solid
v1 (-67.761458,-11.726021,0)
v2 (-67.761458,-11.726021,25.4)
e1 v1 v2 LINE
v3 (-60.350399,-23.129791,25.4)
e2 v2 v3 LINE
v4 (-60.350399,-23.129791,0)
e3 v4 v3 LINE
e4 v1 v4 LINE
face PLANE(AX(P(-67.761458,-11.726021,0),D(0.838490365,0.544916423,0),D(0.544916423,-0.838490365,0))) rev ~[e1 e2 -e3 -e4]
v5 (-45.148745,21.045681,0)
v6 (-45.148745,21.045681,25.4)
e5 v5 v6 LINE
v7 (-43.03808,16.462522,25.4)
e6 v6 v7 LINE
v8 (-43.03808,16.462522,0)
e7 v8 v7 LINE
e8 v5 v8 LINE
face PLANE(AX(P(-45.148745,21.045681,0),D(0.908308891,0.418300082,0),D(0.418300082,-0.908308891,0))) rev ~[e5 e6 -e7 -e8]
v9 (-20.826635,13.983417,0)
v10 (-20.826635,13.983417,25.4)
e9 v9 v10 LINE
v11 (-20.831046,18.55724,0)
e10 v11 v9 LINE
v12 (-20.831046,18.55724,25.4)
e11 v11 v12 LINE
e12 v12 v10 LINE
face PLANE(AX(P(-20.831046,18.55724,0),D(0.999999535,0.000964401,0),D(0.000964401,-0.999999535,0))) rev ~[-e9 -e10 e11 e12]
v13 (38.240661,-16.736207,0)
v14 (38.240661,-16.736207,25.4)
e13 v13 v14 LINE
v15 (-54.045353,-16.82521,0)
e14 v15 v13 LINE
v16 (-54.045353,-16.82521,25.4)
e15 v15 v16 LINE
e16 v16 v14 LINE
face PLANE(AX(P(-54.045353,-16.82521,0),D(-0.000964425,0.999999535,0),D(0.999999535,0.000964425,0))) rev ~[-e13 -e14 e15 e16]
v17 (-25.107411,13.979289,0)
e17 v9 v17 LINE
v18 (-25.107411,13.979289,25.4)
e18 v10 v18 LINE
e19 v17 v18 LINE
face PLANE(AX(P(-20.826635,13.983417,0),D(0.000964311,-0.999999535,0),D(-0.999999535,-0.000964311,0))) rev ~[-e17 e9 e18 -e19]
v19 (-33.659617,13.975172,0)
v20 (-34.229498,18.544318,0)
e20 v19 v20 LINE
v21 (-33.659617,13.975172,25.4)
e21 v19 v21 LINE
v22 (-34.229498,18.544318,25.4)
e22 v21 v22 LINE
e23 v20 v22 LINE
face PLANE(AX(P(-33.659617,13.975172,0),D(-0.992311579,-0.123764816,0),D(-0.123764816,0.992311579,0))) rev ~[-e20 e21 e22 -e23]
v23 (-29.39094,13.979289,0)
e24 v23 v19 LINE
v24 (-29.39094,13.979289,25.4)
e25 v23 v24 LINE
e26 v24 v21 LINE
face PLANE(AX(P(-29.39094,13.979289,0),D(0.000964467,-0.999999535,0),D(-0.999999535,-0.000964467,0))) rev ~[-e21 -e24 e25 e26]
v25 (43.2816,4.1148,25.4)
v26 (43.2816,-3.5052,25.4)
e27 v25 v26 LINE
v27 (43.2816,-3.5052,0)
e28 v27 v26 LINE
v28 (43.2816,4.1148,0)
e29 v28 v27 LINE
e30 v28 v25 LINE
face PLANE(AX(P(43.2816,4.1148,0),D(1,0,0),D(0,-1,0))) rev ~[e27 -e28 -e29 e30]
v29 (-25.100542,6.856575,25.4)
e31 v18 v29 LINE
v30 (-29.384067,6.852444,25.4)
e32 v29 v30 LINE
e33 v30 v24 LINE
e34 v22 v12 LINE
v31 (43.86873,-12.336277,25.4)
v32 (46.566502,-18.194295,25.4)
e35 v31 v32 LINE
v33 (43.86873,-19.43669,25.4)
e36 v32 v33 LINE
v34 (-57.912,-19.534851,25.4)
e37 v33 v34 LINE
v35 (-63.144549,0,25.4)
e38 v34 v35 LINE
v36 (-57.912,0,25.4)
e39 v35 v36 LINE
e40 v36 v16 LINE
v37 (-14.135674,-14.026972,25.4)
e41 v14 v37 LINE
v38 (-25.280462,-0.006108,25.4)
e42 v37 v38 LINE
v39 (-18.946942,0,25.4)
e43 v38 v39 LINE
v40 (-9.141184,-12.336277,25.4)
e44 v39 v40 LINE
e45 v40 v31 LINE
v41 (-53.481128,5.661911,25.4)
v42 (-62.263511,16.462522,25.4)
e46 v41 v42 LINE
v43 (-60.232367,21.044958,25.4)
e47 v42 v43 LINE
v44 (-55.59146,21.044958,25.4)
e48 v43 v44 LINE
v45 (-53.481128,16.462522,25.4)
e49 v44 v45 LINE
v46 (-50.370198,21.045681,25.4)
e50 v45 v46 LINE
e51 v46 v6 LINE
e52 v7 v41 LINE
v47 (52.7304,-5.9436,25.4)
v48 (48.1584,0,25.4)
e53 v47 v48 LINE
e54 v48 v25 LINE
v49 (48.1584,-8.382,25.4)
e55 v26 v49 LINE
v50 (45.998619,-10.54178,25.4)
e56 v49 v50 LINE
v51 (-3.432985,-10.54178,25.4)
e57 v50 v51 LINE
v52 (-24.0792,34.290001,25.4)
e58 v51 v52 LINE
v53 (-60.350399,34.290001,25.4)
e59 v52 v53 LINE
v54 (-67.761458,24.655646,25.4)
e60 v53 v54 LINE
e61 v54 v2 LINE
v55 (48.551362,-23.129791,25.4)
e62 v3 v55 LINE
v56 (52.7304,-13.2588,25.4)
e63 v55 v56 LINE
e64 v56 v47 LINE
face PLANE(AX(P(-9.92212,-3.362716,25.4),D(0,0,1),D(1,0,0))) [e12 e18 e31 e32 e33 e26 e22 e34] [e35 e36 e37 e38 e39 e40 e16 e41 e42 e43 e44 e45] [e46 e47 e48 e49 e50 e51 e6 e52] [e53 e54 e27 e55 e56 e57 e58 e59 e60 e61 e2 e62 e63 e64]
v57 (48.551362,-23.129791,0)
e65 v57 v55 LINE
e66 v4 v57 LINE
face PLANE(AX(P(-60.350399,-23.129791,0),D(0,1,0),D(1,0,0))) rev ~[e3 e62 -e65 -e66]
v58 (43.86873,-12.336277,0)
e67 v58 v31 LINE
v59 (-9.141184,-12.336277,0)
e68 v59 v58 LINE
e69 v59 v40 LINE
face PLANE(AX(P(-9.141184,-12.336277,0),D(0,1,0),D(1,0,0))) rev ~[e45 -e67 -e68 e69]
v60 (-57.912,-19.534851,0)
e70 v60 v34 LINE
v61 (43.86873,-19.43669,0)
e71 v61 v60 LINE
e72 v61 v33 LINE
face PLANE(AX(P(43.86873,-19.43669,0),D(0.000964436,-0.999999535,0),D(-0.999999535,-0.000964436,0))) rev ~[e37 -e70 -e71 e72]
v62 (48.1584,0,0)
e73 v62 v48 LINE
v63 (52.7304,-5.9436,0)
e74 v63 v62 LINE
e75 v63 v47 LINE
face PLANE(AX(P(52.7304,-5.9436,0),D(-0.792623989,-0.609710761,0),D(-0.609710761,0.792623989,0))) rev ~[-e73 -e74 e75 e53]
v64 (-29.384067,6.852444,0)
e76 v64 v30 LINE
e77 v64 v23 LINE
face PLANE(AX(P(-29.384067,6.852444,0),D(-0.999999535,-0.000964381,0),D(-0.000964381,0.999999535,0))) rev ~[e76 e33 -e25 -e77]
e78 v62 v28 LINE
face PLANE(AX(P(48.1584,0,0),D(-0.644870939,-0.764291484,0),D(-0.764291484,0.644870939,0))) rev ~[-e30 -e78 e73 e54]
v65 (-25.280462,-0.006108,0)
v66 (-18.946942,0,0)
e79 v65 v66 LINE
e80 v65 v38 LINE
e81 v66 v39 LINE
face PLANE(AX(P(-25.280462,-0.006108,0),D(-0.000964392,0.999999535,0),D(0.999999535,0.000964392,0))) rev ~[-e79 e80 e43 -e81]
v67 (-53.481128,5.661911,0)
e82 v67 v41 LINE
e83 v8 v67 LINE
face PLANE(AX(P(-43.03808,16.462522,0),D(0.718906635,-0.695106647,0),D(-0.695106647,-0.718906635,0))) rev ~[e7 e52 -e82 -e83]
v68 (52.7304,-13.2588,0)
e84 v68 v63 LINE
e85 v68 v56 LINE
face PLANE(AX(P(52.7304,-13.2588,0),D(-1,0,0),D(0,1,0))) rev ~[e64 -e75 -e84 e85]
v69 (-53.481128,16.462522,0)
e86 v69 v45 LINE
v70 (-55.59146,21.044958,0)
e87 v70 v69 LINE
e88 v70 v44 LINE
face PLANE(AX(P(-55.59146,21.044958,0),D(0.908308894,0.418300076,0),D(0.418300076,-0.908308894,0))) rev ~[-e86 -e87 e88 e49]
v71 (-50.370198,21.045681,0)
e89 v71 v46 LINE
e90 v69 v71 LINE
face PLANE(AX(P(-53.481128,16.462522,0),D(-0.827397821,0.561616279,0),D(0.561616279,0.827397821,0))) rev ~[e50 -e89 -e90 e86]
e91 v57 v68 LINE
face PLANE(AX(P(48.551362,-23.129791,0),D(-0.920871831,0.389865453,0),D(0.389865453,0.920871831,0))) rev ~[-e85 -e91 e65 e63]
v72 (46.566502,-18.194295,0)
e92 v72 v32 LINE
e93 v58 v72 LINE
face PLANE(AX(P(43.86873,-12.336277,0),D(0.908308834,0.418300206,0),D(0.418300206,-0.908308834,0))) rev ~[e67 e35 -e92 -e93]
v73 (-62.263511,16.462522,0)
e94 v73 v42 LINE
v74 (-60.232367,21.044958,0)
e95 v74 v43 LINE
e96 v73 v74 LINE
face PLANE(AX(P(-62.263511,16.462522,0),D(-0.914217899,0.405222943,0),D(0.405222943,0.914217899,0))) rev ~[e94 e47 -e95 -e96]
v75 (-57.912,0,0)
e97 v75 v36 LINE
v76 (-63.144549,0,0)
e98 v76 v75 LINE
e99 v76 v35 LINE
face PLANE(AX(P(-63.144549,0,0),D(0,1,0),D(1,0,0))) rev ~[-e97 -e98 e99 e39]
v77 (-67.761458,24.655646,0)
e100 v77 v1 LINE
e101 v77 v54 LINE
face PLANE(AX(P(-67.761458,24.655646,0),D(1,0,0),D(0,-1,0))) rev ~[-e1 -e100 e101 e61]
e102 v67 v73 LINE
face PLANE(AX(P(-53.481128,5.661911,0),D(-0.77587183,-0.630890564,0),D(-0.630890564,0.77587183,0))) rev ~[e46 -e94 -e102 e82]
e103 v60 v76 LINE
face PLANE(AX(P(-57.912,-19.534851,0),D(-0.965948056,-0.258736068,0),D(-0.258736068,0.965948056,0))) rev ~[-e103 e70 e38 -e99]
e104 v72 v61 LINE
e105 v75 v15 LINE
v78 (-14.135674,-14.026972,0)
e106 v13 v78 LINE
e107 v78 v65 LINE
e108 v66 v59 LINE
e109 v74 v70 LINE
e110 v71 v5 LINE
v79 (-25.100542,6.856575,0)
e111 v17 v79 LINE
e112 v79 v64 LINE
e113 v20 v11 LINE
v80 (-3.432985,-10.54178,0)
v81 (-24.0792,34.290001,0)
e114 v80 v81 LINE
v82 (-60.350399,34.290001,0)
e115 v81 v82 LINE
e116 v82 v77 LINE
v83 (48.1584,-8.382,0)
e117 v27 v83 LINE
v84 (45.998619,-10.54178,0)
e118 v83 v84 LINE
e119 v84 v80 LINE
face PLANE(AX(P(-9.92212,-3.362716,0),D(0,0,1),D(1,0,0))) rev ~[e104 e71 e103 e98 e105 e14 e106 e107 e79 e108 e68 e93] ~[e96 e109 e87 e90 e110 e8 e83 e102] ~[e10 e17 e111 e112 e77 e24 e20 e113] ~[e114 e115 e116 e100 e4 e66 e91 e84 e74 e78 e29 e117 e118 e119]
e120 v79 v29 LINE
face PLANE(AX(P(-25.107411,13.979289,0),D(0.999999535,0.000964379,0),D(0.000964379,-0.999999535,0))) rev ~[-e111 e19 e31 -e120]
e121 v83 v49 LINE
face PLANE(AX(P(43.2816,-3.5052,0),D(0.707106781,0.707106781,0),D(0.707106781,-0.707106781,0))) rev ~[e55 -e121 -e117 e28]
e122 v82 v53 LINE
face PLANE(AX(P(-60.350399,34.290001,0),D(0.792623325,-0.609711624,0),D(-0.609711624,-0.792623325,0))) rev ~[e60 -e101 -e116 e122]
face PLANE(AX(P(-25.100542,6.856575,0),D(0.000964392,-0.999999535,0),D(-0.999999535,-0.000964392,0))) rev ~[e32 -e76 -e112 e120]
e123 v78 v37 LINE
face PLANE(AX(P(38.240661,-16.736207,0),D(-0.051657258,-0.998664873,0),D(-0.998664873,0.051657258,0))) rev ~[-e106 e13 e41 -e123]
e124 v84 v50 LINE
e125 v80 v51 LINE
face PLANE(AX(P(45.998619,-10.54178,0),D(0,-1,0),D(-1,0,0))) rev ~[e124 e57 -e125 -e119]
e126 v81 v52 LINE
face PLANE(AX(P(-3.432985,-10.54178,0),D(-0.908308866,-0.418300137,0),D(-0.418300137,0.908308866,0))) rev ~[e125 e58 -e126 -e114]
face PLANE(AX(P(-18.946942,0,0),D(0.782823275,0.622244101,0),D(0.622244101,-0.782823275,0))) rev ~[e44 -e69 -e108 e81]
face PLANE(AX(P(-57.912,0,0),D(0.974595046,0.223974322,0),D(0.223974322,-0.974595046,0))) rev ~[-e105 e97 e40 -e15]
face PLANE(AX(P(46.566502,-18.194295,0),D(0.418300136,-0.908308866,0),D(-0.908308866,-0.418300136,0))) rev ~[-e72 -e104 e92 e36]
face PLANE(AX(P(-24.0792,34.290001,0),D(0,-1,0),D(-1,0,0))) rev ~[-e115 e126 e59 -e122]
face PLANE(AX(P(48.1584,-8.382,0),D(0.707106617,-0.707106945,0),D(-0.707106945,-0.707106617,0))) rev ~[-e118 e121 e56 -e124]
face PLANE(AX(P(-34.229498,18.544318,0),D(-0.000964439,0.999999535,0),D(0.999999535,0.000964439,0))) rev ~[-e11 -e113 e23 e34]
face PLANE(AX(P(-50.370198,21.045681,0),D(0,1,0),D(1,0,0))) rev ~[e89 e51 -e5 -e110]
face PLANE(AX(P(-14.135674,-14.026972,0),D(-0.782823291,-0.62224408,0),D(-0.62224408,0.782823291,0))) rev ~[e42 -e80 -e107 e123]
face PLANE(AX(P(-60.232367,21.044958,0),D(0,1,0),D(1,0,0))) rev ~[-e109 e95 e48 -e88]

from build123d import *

# Parameters (mm, degrees)
F1_DEPTH = 25.4


with BuildPart() as f1:
    # F0 (on Top) → F1 (new body)
    with BuildSketch(Plane.XY):
        Polygon((-24.0792, 34.290001), (-60.350399, 34.290001), (-67.761458, 24.655646), (-67.761458, -11.726021), (-60.350399, -23.129791), (48.551362, -23.129791), (52.7304, -13.2588), (52.7304, -5.9436), (48.1584, 0), (43.2816, 4.1148), (43.2816, -3.5052), (48.1584, -8.382), (45.998619, -10.54178), (-3.432985, -10.54178), align=None)
        Polygon((-57.912, -19.534851), (-63.144549, 0), (-57.912, 0), (-54.045353, -16.82521), (38.240661, -16.736207), (-14.135674, -14.026972), (-25.280462, -0.006108), (-18.946942, 0), (-9.141184, -12.336277), (43.86873, -12.336277), (46.566502, -18.194295), (43.86873, -19.43669), align=None, mode=Mode.SUBTRACT)
        Polygon((-62.263511, 16.462522), (-60.232367, 21.044958), (-55.59146, 21.044958), (-53.481128, 16.462522), (-50.370198, 21.045681), (-45.148745, 21.045681), (-43.03808, 16.462522), (-53.481128, 5.661911), align=None, mode=Mode.SUBTRACT)
        Polygon((-33.659617, 13.975172), (-34.229498, 18.544318), (-20.831046, 18.55724), (-20.826635, 13.983417), (-25.107411, 13.979289), (-25.100542, 6.856575), (-29.384067, 6.852444), (-29.39094, 13.979289), align=None, mode=Mode.SUBTRACT)
    extrude(amount=F1_DEPTH)


solid = f1.part
